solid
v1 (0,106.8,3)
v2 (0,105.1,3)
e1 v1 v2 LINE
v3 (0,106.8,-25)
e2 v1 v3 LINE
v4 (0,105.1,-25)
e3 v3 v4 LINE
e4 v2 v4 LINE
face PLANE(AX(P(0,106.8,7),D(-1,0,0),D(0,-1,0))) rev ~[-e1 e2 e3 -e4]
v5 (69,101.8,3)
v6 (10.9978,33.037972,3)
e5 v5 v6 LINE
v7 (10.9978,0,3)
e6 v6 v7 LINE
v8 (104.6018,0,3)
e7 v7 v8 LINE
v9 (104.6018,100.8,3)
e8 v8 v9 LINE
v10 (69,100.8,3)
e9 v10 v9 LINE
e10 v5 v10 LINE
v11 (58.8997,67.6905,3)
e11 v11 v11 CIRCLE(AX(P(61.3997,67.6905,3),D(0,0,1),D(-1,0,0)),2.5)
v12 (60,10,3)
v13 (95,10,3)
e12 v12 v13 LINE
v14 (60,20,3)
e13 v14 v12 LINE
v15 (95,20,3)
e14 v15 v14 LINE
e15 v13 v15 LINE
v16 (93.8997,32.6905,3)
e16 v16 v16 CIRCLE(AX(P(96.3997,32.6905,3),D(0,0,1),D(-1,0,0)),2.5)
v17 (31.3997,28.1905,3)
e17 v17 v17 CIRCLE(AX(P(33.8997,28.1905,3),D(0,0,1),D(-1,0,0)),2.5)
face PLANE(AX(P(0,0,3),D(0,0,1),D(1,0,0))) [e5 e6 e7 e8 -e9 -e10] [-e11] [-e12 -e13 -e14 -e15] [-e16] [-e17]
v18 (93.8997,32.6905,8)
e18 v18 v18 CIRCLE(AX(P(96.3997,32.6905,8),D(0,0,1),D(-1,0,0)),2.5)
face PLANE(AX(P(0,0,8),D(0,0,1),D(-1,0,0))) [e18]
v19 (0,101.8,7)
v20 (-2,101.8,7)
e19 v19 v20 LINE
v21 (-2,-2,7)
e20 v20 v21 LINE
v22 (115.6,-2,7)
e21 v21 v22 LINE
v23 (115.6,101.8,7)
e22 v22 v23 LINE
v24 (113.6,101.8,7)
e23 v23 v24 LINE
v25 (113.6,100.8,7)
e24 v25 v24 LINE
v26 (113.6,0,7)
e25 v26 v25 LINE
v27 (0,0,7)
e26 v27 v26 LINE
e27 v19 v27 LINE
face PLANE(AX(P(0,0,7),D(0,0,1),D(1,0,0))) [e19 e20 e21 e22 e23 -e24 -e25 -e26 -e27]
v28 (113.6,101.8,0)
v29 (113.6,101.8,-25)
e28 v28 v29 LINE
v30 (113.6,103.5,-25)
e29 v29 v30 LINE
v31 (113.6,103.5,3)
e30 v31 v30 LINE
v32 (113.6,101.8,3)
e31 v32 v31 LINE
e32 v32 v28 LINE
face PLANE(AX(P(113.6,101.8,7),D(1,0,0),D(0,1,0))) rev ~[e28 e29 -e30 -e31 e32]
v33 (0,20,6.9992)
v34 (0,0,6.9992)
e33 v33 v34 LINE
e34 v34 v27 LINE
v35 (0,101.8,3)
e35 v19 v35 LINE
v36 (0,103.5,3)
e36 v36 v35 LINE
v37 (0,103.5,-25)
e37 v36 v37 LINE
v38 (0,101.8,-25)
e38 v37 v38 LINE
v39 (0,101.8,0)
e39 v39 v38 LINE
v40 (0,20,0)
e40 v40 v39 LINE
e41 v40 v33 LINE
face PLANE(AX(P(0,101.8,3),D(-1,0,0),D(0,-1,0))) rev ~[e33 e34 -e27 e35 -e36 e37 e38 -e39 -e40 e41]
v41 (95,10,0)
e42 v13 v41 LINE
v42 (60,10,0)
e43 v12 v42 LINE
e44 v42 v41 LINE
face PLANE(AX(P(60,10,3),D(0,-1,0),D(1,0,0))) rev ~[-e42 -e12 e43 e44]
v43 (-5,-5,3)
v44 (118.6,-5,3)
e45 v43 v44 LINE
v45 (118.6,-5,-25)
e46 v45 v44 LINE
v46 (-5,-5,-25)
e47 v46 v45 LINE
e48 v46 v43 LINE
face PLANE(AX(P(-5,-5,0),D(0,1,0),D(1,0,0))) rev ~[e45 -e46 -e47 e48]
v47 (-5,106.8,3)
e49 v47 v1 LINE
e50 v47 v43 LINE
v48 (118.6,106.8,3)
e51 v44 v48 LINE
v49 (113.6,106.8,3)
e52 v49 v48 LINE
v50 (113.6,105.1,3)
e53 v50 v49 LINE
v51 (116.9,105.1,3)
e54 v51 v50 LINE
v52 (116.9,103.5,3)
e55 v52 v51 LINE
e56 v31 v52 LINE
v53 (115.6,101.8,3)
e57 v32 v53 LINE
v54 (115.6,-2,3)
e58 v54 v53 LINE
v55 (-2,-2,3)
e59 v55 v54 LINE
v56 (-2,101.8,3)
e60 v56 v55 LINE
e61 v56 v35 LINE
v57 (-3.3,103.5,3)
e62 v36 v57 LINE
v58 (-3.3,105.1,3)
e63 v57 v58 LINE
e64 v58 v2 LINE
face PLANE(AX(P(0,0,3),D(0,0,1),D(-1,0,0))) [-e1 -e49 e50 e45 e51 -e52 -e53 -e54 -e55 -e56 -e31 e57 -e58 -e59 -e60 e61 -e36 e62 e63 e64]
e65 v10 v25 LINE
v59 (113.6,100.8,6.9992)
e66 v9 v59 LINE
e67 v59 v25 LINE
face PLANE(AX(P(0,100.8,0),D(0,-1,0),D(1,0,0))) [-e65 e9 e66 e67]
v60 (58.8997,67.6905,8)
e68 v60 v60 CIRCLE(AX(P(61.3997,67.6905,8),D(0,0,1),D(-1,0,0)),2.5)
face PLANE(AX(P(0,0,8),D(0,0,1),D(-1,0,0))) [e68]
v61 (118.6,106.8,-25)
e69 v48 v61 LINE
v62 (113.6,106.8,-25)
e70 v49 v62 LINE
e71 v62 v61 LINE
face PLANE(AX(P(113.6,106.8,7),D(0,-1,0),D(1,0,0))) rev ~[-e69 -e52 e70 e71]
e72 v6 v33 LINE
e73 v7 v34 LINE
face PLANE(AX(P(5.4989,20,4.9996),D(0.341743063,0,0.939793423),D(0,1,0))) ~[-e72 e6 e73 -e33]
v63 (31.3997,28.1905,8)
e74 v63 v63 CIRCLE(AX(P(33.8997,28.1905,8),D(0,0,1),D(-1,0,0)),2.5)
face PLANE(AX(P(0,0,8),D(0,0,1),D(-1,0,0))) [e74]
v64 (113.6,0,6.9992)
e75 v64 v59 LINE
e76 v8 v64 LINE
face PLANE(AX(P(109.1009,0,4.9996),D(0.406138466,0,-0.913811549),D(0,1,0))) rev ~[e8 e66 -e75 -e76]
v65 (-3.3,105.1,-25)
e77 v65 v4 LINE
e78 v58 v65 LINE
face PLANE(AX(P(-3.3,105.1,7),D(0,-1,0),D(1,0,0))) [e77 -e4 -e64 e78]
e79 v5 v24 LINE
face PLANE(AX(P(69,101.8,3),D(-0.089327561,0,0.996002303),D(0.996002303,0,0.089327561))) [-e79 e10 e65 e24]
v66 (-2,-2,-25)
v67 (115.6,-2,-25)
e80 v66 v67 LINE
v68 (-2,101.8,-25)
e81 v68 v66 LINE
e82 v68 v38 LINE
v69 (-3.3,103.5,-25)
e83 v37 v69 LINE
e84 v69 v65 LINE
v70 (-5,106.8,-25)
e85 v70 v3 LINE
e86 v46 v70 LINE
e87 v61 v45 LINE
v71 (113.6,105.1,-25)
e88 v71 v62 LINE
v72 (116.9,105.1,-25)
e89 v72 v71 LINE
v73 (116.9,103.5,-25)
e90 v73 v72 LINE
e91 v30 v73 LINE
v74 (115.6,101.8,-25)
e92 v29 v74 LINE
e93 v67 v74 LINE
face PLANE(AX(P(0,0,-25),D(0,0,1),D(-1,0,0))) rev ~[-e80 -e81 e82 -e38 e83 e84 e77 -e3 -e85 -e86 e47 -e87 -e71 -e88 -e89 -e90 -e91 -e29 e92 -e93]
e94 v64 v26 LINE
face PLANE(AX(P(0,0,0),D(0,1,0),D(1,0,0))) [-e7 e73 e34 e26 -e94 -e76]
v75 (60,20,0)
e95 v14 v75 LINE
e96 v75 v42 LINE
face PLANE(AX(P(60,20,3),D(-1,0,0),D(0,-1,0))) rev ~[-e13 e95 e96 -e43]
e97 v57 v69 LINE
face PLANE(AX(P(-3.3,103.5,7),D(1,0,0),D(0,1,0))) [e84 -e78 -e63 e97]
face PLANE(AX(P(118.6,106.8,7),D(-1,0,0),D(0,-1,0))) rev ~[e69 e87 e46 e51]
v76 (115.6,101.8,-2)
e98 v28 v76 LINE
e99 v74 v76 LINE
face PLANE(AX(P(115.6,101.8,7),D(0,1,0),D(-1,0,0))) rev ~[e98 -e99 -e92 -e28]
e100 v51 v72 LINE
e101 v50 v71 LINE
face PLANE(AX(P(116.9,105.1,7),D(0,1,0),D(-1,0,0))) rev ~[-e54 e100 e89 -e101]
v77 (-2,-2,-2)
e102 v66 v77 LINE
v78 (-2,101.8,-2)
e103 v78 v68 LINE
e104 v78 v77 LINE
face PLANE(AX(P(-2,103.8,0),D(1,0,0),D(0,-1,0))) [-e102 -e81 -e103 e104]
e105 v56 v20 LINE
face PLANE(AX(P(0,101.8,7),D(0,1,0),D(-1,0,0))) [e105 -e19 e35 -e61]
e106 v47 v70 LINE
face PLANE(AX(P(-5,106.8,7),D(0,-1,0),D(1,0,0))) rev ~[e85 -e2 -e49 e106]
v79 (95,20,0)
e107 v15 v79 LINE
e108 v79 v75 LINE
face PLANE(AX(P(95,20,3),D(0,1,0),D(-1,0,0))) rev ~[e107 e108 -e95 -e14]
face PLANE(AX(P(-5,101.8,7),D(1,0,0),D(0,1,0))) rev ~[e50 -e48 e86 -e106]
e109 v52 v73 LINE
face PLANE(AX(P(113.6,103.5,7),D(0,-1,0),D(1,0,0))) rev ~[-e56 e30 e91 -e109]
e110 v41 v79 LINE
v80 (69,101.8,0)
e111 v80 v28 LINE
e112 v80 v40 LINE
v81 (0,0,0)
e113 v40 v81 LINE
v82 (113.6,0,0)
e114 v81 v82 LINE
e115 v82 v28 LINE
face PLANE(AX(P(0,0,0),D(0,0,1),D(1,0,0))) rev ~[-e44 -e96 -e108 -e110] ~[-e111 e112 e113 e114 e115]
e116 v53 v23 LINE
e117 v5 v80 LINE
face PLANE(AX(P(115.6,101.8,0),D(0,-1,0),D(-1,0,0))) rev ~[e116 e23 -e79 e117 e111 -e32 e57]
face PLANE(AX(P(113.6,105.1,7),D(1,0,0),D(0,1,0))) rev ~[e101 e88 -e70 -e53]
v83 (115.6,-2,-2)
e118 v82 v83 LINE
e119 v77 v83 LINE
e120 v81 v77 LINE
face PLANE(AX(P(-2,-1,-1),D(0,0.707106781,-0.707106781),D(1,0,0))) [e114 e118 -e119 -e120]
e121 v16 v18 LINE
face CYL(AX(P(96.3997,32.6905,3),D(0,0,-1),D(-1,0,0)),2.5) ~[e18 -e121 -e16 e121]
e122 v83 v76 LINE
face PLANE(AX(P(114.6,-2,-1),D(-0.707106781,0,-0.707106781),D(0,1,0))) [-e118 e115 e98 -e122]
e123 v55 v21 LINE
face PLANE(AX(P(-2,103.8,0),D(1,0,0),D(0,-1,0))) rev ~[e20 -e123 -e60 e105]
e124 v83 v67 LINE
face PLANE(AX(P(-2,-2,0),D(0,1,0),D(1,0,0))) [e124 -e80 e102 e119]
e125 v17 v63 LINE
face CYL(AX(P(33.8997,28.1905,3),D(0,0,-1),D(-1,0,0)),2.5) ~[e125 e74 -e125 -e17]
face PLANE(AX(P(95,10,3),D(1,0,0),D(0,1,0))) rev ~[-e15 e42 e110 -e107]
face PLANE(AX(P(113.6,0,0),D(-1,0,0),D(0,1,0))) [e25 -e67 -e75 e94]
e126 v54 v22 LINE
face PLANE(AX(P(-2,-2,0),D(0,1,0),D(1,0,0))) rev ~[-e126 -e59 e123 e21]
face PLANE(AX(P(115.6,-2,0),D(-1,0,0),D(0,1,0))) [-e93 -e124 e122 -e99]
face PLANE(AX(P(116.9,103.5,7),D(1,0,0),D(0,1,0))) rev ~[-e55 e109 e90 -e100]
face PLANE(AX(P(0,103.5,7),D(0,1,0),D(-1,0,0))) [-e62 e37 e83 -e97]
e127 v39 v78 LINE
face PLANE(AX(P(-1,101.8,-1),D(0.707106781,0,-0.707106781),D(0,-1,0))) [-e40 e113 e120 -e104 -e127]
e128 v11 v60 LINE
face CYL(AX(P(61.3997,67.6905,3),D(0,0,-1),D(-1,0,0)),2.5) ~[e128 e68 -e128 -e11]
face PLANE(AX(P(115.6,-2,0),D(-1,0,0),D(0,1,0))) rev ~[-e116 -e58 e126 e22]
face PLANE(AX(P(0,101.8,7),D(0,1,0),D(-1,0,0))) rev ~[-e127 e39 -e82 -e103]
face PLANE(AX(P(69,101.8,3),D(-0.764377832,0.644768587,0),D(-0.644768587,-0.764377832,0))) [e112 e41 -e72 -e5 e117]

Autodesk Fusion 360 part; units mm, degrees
sketch "Sketch1" plane through (0, 0, 0) normal (0, 0, 1) x (1, 0, 0)
  line L0 (0, 0) -> (113.6, 0)
  line L1 (113.6, 0) -> (113.6, 101.8)
  line L2 (113.6, 101.8) -> (0, 101.8)
  line L3 (0, 101.8) -> (0, 0)
  line L4 (-2, -2) -> (115.6, -2)
  line L5 (115.6, -2) -> (115.6, 103.8)
  line L6 (115.6, 103.8) -> (-2, 103.8)
  line L7 (-2, 103.8) -> (-2, -2)
  line L8 (-5, -5) -> (118.6, -5)
  line L9 (118.6, -5) -> (118.6, 106.8)
  line L10 (118.6, 106.8) -> (-5, 106.8)
  line L11 (-5, 106.8) -> (-5, -5)
  dimension "d1" = 113.6
  dimension "d2" = 101.8
  dimension "d3" = 2
  dimension "d4" = 5
extrude "Extrude1" add sketch "Sketch1" along normal blind 3 contours L0 L1 L2 L3
extrude "Extrude2" add sketch "Sketch1" along normal blind 7 contours L4 L5 L6 L7
extrude "Extrude3" add sketch "Sketch1" along normal blind 3 and the other way blind 25 contours L8 L9 L10 L11
sketch "Sketch2" plane through (0, 0, 3) normal (0, 0, 1) x (-1, 0, 0)
  line L0 (0, -101.8) -> (0, 0)
  line L1 (0, 0) -> (-113.6, 0)
  line L2 (-113.6, 0) -> (-113.6, -101.8)
  line L3 (-113.6, -101.8) -> (0, -101.8)
  line L4 (-69, -101.8) -> (0, -20)
  circle A0 centre (-61.3997, -67.6905) radius 2.5
  circle A1 centre (-61.3997, -67.6905) radius 2.5
  circle A2 centre (-96.3997, -32.6905) radius 2.5
  circle A3 centre (-33.8997, -28.1905) radius 2.5
  circle A4 centre (-33.8997, -28.1905) radius 2.5
  circle A5 centre (-96.3997, -32.6905) radius 2.5
  dimension "d15" = 5
  dimension "d16" = 34.1095
  dimension "d17" = 7.6003
  dimension "d18" = 44.6
  dimension "d19" = 20
  dimension "d20" = 5
  dimension "d21" = 5
  dimension "d22" = 17.2003
  dimension "d23" = 69.1095
  dimension "d24" = 33.8997
  dimension "d25" = 28.1905
extrude "Extrude4" cut sketch "Sketch2" against normal blind 3 contours L0 L3 L4
extrude "Extrude5" add sketch "Sketch2" along normal blind 5 contours A0 A1 | A2 A5 | A3 A4
sketch "Sketch3" plane through (0, 101.8, 0) normal (0, -1, 0) x (1, 0, 0)
  line L0 (69, 3) -> (113.6, 3)
  line L1 (113.6, 3) -> (113.6, 7)
  line L2 (113.6, 7) -> (0, 7)
  line L3 (0, 7) -> (0, 0)
  line L4 (0, 0) -> (69, 0)
  line L5 (69, 0) -> (69, 3)
  line L6 (69, 3) -> (113.6, 7)
extrude "Extrude6" add sketch "Sketch3" along normal blind 1 contours L0 L1 L6
sketch "Sketch4" plane through (0, 0, 3) normal (0, 0, 1) x (-1, 0, 0)
  line L0 (-69, -100.8) -> (-69, -101.8)
  line L1 (-69, -101.8) -> (0, -20)
  line L2 (0, -20) -> (0, 0)
  line L3 (0, 0) -> (-113.6, 0)
  line L4 (-113.6, 0) -> (-113.6, -100.8)
  line L5 (-113.6, -100.8) -> (-69, -100.8)
  circle A0 centre (-96.3997, -32.6905) radius 2.5
  circle A1 centre (-33.8997, -28.1905) radius 2.5
  circle A2 centre (-61.3997, -67.6905) radius 2.5
  line L6 (-95, -20) -> (-60, -20)
  line L7 (-60, -20) -> (-60, -10)
  line L8 (-60, -10) -> (-95, -10)
  line L9 (-95, -10) -> (-95, -20)
  dimension "d34" = 18.6
  dimension "d35" = 10
  dimension "d36" = 35
  dimension "d37" = 10
extrude "Extrude7" cut sketch "Sketch4" against normal blind 3 contours L6 L7 L8 L9
extrude "Extrude8" cut 1 faces at (77.4, 106.8, -15.6667) along direction (0, -1, 0) blind 5
extrude "Extrude9" cut 1 faces at (76.4, 103.8, 4.3333) along direction (0, -1, 0) blind 2
chamfer "Chamfer1" distance 2 angle 45 3 edges at (115.6, 49.9, 0) (56.8, -2, 0) (-2, 49.9, 0)
chamfer "Chamfer2" distance 9 distance2 4 1 edges at (113.6, 50.4, 3) measured on face at (91.362, 67.8914, 3)
chamfer "Chamfer3" distance 11 distance2 4 1 edges at (0, 10, 3) measured on face at (88.3626, 67.8914, 3)
sketch "Sketch6" plane through (0, 0, 7) normal (0, 0, 1) x (-1, 0, 0)
  line L0 (0, -101.8) -> (2, -101.8)
  line L1 (2, -101.8) -> (2, 2)
  line L2 (2, 2) -> (-115.6, 2)
  line L3 (-115.6, 2) -> (-115.6, -101.8)
  line L4 (-115.6, -101.8) -> (-113.6, -101.8)
  line L5 (-113.6, -101.8) -> (-113.6, -100.8)
  line L6 (-113.6, -100.8) -> (-113.6, 0)
  line L7 (-113.6, 0) -> (0, 0)
  line L8 (0, 0) -> (0, -20)
  line L9 (0, -20) -> (0, -101.8)
  line L10 (-118.6, -101.8) -> (-113.6, -101.8)
  line L11 (-113.6, -106.8) -> (-118.6, -106.8)
  line L12 (-118.6, -106.8) -> (-118.6, -101.8)
  line L13 (-113.6, -103.5) -> (-116.9, -103.5)
  line L14 (-116.9, -103.5) -> (-116.9, -105.1)
  line L15 (-116.9, -105.1) -> (-113.6, -105.1)
  line L16 (-113.6, -101.8) -> (-113.6, -103.5)
  line L17 (-113.6, -105.1) -> (-113.6, -106.8)
  line L18 (0, -101.8) -> (5, -101.8)
  line L19 (5, -101.8) -> (5, -106.8)
  line L20 (5, -106.8) -> (0, -106.8)
  line L21 (0, -103.5) -> (3.3, -103.5)
  line L22 (3.3, -103.5) -> (3.3, -105.1)
  line L23 (3.3, -105.1) -> (0, -105.1)
  line L24 (0, -106.8) -> (0, -105.1)
  line L25 (0, -103.5) -> (0, -101.8)
  dimension "d49" = 5
  dimension "d50" = 5
  dimension "d51" = 1.6
  dimension "d52" = 1.7
  dimension "d53" = 1.7
  dimension "d54" = 5
  dimension "d55" = 5
  dimension "d56" = 1.6
  dimension "d57" = 1.7
  dimension "d58" = 1.7
extrude "Extrude10" add sketch "Sketch6" against normal blind 32 contours L0 L18 L19 L20 L21 L22 L23 L24 L25 | L4 L10 L11 L12 L13 L14 L15 L16 L17
extrude "Extrude11" cut sketch "Sketch6" against normal blind 4 contours L0 L18 L19 L20 L21 L22 L23 L24 L25 | L4 L10 L11 L12 L13 L14 L15 L16 L17
